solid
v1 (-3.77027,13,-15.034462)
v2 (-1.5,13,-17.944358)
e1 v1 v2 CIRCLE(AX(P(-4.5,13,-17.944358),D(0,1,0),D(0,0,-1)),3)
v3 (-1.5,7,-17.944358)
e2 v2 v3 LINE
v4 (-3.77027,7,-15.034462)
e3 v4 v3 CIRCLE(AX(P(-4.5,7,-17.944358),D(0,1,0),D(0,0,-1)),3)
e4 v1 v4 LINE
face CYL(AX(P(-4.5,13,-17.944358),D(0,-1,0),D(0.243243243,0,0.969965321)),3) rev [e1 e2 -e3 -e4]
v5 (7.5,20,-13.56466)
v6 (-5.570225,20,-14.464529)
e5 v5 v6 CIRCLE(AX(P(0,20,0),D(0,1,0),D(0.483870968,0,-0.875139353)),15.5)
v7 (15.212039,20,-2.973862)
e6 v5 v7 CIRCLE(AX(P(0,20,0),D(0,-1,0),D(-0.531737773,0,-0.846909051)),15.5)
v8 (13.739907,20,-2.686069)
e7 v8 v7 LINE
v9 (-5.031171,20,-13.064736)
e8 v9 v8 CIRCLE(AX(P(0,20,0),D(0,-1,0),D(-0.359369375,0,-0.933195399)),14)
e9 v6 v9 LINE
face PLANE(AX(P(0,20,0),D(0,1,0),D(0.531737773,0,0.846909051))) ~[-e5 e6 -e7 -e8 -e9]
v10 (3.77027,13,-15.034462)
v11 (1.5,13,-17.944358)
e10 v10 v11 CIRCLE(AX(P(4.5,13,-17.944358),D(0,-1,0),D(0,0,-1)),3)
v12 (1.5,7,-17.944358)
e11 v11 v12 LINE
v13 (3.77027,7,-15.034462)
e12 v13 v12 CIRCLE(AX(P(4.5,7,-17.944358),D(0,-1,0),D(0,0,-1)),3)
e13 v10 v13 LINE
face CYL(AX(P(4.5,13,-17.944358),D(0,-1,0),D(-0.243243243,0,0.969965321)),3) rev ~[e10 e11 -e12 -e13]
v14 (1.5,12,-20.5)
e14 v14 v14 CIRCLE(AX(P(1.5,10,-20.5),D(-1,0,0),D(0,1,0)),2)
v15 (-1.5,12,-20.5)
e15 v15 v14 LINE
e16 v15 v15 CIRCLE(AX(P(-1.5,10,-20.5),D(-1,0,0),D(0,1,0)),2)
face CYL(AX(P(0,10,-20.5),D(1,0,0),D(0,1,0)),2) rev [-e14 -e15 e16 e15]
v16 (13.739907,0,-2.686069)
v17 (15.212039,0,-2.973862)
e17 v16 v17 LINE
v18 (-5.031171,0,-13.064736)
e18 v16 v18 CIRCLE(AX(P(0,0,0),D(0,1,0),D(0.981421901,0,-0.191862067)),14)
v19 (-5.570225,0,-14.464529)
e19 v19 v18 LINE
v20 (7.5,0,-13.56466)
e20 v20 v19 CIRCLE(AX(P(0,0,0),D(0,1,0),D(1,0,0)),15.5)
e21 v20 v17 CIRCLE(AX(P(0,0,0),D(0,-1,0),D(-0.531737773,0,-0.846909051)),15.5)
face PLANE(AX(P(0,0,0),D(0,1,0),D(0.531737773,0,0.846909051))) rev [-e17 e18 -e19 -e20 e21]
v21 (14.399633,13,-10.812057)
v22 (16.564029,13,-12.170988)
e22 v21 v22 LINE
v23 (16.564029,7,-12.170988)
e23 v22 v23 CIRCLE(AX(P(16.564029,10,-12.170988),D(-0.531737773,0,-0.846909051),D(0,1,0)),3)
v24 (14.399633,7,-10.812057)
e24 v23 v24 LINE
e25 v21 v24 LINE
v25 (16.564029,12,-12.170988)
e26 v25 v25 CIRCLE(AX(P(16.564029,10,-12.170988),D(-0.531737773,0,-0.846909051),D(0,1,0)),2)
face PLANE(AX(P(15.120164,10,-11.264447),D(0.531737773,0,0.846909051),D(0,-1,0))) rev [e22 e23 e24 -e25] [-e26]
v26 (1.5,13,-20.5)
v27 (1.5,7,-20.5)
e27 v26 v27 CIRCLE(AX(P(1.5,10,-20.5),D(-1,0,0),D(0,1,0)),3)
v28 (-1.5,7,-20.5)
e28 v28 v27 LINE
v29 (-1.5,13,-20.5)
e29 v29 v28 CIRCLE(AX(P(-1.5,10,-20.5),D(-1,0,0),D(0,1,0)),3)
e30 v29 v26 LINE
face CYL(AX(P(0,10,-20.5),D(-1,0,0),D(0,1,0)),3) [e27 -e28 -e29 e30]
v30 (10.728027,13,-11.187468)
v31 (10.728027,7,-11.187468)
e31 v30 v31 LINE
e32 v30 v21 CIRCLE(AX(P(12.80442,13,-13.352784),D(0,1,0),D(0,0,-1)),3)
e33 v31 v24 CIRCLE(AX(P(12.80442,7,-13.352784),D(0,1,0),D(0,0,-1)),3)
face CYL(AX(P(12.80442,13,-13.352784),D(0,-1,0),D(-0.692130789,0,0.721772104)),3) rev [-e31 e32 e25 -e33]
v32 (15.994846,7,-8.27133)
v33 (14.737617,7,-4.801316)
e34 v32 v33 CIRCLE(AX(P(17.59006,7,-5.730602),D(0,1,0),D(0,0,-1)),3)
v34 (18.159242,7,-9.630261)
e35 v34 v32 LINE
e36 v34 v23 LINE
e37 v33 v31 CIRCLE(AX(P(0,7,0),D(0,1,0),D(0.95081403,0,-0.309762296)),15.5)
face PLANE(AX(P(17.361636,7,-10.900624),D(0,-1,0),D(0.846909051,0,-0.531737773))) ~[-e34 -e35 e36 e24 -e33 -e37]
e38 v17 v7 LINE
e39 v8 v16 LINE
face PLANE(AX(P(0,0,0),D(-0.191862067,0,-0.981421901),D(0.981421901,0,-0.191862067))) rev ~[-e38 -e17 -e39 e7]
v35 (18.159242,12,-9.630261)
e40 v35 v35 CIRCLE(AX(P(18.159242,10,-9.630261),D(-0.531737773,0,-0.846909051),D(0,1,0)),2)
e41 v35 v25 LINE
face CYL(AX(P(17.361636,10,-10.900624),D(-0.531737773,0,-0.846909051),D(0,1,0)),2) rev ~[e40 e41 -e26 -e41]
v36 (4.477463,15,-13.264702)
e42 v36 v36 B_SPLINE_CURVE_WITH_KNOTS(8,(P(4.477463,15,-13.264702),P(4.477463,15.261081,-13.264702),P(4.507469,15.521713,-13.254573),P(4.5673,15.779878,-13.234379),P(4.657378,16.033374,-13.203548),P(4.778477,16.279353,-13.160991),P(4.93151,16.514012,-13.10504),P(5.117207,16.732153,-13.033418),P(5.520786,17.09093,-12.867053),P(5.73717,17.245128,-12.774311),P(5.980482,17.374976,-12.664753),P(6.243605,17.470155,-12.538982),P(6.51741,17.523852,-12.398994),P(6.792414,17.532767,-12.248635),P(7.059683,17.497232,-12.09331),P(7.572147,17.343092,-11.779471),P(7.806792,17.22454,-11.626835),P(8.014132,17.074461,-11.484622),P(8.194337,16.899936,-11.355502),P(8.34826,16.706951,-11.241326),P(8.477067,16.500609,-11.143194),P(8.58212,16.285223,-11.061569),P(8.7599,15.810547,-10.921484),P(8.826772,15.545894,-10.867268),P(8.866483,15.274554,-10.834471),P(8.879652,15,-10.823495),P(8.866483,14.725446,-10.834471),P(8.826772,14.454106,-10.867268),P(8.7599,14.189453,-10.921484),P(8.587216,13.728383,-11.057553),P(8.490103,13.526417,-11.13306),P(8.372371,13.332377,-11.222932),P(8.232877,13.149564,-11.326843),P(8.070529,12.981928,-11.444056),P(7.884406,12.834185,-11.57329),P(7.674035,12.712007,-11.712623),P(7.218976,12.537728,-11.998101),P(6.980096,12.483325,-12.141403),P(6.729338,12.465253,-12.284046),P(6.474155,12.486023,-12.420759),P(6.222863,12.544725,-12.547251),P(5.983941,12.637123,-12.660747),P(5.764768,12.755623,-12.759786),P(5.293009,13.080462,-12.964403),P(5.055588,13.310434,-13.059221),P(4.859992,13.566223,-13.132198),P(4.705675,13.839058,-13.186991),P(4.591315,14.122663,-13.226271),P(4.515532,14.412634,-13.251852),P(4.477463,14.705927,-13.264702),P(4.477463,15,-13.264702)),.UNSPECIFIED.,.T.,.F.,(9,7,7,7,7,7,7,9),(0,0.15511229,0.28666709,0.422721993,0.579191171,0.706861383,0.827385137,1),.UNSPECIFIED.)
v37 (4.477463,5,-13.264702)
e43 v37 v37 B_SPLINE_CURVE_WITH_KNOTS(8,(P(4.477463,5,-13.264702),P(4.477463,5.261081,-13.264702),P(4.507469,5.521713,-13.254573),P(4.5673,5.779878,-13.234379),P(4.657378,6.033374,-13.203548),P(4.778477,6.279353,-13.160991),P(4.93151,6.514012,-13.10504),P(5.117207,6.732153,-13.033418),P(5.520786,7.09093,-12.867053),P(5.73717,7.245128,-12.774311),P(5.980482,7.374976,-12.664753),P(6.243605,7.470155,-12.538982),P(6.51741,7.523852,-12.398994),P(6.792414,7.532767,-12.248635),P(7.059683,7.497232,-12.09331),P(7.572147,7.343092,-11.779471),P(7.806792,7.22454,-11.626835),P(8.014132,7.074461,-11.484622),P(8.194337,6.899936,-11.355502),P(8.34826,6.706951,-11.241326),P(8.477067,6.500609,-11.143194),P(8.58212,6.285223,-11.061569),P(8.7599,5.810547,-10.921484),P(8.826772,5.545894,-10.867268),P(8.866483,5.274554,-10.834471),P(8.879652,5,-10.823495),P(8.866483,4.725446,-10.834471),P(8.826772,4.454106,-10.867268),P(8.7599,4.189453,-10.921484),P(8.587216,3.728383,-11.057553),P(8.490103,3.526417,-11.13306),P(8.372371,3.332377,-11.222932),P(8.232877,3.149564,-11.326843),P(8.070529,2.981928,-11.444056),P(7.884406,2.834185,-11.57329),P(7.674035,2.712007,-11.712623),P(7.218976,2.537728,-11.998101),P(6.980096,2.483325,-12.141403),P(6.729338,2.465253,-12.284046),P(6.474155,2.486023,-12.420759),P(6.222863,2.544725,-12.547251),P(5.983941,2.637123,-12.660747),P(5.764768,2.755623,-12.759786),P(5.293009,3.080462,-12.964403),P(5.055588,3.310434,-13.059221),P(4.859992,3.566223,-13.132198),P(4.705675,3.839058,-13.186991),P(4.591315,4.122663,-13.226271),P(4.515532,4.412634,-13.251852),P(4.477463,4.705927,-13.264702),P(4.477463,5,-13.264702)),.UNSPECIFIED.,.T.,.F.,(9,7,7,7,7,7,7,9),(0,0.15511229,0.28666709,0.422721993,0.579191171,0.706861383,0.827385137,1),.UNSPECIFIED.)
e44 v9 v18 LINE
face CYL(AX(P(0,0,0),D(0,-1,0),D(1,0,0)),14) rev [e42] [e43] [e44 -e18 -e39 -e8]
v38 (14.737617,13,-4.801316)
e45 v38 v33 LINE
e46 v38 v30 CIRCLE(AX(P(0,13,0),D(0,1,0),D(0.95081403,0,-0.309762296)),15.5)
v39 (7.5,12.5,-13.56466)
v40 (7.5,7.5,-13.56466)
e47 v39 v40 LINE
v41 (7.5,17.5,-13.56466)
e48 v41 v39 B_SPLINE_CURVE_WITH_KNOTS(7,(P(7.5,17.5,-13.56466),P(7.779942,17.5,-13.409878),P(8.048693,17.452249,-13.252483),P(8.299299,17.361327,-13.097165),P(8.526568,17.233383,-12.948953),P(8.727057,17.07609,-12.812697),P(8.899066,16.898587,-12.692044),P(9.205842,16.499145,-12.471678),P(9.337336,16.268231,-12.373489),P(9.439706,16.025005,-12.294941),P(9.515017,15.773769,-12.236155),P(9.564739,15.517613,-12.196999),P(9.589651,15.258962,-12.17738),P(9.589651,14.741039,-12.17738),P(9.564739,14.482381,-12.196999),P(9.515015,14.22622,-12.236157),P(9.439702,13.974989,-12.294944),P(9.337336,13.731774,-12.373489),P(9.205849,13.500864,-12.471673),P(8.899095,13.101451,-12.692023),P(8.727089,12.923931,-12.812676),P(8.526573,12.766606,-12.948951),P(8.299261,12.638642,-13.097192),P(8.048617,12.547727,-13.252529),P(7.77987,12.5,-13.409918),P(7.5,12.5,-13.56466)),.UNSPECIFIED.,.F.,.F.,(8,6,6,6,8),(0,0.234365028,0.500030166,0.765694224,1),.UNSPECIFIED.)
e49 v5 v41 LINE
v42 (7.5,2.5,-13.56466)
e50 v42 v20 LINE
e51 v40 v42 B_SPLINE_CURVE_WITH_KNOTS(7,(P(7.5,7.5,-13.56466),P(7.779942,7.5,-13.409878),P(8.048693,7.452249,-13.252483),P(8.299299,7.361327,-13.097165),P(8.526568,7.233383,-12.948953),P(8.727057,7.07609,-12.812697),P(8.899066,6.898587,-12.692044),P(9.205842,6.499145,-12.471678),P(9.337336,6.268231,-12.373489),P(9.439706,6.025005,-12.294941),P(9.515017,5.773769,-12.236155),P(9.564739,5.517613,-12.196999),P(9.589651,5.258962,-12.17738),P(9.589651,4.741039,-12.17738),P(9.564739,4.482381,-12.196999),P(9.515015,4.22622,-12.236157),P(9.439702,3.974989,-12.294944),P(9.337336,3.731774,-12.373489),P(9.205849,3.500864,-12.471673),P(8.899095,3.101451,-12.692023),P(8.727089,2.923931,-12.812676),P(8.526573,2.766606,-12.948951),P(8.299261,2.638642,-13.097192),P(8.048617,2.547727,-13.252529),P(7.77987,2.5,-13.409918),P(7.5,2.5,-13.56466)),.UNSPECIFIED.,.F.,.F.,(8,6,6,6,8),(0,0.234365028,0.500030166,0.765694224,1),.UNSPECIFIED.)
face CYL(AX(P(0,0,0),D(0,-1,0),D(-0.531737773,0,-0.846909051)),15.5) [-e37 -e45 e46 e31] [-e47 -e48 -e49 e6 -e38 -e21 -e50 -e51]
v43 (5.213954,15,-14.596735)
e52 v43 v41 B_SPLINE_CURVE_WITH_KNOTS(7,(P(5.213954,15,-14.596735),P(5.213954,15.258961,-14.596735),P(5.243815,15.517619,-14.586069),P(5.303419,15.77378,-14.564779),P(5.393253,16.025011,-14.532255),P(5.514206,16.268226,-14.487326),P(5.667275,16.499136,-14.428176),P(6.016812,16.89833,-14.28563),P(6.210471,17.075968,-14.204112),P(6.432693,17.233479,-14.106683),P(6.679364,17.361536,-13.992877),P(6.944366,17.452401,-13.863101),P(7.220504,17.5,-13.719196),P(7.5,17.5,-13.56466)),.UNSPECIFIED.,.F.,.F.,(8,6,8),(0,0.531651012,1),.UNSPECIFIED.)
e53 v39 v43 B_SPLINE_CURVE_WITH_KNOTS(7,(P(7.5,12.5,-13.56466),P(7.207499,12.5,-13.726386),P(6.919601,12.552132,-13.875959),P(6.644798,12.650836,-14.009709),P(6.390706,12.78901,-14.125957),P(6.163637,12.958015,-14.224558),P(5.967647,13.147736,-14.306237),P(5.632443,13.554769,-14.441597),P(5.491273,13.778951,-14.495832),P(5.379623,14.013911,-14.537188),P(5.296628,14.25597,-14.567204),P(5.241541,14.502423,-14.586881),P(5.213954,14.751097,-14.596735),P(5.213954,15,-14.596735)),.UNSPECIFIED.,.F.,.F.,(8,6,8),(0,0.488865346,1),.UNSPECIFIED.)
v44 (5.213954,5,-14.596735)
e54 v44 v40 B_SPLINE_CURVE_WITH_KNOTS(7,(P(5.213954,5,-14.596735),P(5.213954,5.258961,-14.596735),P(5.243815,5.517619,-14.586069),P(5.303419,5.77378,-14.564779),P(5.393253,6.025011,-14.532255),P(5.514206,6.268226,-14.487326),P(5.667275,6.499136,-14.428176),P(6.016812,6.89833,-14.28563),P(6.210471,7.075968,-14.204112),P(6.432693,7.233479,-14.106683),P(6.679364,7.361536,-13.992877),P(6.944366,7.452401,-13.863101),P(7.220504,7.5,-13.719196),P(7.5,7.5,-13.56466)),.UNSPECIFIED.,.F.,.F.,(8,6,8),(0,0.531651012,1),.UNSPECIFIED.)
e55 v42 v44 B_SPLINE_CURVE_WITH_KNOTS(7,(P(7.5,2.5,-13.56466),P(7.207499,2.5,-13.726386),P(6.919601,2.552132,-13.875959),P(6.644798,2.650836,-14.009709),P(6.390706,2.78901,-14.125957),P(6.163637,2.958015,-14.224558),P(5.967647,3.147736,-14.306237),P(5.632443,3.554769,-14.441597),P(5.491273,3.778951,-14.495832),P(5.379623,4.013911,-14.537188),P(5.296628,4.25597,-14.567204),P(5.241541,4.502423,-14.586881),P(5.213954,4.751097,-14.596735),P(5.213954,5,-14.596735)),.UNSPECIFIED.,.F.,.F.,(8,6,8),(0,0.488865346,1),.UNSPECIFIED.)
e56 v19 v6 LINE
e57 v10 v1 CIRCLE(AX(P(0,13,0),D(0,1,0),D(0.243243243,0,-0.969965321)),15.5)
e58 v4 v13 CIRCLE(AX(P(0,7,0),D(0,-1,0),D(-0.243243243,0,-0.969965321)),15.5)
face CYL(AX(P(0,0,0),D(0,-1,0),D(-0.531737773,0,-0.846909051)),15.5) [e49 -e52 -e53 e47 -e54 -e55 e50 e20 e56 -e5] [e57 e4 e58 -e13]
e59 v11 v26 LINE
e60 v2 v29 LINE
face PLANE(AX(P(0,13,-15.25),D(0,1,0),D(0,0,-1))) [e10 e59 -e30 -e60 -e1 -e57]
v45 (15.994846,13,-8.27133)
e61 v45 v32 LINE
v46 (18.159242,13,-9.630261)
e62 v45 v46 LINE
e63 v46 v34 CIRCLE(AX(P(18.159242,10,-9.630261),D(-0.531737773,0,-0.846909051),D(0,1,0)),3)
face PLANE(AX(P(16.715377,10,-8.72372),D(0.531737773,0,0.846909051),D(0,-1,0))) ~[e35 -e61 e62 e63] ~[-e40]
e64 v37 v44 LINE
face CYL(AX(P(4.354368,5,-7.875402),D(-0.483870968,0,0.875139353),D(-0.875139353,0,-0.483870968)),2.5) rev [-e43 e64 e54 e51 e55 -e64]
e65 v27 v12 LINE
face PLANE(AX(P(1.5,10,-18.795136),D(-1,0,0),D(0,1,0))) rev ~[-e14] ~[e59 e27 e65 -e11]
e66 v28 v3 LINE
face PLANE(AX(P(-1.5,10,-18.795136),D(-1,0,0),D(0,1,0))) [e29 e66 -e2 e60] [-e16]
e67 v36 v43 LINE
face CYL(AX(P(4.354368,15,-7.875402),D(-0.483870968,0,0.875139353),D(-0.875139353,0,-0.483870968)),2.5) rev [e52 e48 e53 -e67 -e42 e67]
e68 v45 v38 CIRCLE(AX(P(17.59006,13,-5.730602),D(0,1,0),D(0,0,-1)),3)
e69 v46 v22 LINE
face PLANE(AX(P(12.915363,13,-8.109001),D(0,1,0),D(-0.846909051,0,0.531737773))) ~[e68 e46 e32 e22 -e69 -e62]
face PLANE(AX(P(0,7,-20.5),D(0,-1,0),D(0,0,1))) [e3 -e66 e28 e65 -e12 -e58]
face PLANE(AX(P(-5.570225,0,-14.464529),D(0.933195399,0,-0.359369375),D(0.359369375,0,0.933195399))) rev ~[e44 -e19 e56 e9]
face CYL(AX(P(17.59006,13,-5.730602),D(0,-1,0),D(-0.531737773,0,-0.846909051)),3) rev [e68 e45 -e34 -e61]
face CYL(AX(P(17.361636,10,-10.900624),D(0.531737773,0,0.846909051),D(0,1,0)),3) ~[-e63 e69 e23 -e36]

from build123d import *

# Parameters (mm, degrees)
SKETCH2_R               = 15.5
SKETCH2_R_2             = 14
BOSS_EXTRUDE1_DEPTH     = 20
SKETCH3_OUTSIDE_W       = 42.638
SKETCH3_OUTSIDE_H       = 42.638
CUT_EXTRUDE1_DEPTH      = 21
SKETCH6_R               = 2
BOSS_EXTRUDE2_DEPTH     = 1.5
CUT_EXTRUDE4_DEPTH      = 21
CUT_EXTRUDE4_DEPTH_BACK = 10
SKETCH9_R               = 2.5
CUT_EXTRUDE5_DEPTH      = 10
FILLET1_R               = 3


with BuildPart() as part:
    # Sketch2 → Boss-Extrude1 (new body)
    with BuildSketch(Plane(origin=(0, 0, 0), x_dir=(1, 0, 0), z_dir=(0, 1, 0))):
        Circle(SKETCH2_R)
        Circle(SKETCH2_R_2, mode=Mode.SUBTRACT)
    boss_extrude1 = extrude(amount=BOSS_EXTRUDE1_DEPTH)

    # Sketch3 outside → Cut-Extrude1 (cut, through all)
    with BuildSketch(Plane(origin=(0, 20, 0), x_dir=(1, 0, 0), z_dir=(0, 1, 0))):
        Rectangle(SKETCH3_OUTSIDE_W, SKETCH3_OUTSIDE_H)
        with BuildLine():
            Line((0, 0), (7.5, 13.564659966))
            ThreePointArc((7.5, 13.564659966), (0, 15.5), (-7.5, 13.564659966))
            Line((-7.5, 13.564659966), (0, 0))
        make_face(mode=Mode.SUBTRACT)
    extrude(amount=-CUT_EXTRUDE1_DEPTH, mode=Mode.SUBTRACT)

    # Sketch6 → Boss-Extrude2 (add, symmetric)
    with BuildSketch(Plane(origin=(0, 7.5, 0), x_dir=(0, 1, 0), z_dir=(-1, 0, 0))):
        with BuildLine():
            Line((-0.5, 20.5), (-0.5, 15.25))
            Line((-0.5, 15.25), (5.5, 15.25))
            Line((5.5, 15.25), (5.5, 20.5))
            ThreePointArc((5.5, 20.5), (2.5, 23.5), (-0.5, 20.5))
        make_face()
        with Locations((2.5, 20.5)):
            Circle(SKETCH6_R, mode=Mode.SUBTRACT)
    boss_extrude2 = extrude(amount=BOSS_EXTRUDE2_DEPTH, both=True)

    # Mirror2: Boss-Extrude1, Boss-Extrude2 across plane
    add(boss_extrude1.mirror(Plane(origin=(0, 0, 0), x_dir=(-0.483870968, 0, 0.875139353), z_dir=(0.875139353, 0, 0.483870968))))
    add(boss_extrude2.mirror(Plane(origin=(0, 0, 0), x_dir=(-0.483870968, 0, 0.875139353), z_dir=(0.875139353, 0, 0.483870968))))

    # Sketch8 → Cut-Extrude4 (cut, two sides)
    with BuildSketch(Plane(origin=(0, 0, 0), x_dir=(1, 0, 0), z_dir=(0, 1, 0))) as cut_extrude4_sk:
        with BuildLine():
            Line((-5.570225317, 14.464528679), (0, 0))
            Line((0, 0), (15.212039463, 2.973862033))
            ThreePointArc((15.212039463, 2.973862033), (-7.5, -13.564659966), (-5.570225317, 14.464528679))
        make_face()
    extrude(amount=CUT_EXTRUDE4_DEPTH, mode=Mode.SUBTRACT)
    extrude(cut_extrude4_sk.sketch, amount=-CUT_EXTRUDE4_DEPTH_BACK, mode=Mode.SUBTRACT)

    # Sketch9 → Cut-Extrude5 (cut)
    with BuildSketch(Plane(origin=(4.354367679, 0, -7.875402257), x_dir=(-0.875139353, 0, -0.483870968), z_dir=(0.483870968, 0, -0.875139353))):
        with Locations((0, 15)):
            Circle(SKETCH9_R)
        with Locations((0, 5)):
            Circle(SKETCH9_R)
    extrude(amount=CUT_EXTRUDE5_DEPTH, mode=Mode.SUBTRACT)

    # Fillet1
    fillet1_edges = [part.edges().sort_by_distance(p)[0] for p in [
        (-1.5, 10, -15.427248621),
        (1.5, 10, -15.427248621),
        (13.863083148, 10, -6.932887251),
        (12.267869828, 10, -9.473614404),
    ]]
    fillet(fillet1_edges, radius=FILLET1_R)


solid = part.part
